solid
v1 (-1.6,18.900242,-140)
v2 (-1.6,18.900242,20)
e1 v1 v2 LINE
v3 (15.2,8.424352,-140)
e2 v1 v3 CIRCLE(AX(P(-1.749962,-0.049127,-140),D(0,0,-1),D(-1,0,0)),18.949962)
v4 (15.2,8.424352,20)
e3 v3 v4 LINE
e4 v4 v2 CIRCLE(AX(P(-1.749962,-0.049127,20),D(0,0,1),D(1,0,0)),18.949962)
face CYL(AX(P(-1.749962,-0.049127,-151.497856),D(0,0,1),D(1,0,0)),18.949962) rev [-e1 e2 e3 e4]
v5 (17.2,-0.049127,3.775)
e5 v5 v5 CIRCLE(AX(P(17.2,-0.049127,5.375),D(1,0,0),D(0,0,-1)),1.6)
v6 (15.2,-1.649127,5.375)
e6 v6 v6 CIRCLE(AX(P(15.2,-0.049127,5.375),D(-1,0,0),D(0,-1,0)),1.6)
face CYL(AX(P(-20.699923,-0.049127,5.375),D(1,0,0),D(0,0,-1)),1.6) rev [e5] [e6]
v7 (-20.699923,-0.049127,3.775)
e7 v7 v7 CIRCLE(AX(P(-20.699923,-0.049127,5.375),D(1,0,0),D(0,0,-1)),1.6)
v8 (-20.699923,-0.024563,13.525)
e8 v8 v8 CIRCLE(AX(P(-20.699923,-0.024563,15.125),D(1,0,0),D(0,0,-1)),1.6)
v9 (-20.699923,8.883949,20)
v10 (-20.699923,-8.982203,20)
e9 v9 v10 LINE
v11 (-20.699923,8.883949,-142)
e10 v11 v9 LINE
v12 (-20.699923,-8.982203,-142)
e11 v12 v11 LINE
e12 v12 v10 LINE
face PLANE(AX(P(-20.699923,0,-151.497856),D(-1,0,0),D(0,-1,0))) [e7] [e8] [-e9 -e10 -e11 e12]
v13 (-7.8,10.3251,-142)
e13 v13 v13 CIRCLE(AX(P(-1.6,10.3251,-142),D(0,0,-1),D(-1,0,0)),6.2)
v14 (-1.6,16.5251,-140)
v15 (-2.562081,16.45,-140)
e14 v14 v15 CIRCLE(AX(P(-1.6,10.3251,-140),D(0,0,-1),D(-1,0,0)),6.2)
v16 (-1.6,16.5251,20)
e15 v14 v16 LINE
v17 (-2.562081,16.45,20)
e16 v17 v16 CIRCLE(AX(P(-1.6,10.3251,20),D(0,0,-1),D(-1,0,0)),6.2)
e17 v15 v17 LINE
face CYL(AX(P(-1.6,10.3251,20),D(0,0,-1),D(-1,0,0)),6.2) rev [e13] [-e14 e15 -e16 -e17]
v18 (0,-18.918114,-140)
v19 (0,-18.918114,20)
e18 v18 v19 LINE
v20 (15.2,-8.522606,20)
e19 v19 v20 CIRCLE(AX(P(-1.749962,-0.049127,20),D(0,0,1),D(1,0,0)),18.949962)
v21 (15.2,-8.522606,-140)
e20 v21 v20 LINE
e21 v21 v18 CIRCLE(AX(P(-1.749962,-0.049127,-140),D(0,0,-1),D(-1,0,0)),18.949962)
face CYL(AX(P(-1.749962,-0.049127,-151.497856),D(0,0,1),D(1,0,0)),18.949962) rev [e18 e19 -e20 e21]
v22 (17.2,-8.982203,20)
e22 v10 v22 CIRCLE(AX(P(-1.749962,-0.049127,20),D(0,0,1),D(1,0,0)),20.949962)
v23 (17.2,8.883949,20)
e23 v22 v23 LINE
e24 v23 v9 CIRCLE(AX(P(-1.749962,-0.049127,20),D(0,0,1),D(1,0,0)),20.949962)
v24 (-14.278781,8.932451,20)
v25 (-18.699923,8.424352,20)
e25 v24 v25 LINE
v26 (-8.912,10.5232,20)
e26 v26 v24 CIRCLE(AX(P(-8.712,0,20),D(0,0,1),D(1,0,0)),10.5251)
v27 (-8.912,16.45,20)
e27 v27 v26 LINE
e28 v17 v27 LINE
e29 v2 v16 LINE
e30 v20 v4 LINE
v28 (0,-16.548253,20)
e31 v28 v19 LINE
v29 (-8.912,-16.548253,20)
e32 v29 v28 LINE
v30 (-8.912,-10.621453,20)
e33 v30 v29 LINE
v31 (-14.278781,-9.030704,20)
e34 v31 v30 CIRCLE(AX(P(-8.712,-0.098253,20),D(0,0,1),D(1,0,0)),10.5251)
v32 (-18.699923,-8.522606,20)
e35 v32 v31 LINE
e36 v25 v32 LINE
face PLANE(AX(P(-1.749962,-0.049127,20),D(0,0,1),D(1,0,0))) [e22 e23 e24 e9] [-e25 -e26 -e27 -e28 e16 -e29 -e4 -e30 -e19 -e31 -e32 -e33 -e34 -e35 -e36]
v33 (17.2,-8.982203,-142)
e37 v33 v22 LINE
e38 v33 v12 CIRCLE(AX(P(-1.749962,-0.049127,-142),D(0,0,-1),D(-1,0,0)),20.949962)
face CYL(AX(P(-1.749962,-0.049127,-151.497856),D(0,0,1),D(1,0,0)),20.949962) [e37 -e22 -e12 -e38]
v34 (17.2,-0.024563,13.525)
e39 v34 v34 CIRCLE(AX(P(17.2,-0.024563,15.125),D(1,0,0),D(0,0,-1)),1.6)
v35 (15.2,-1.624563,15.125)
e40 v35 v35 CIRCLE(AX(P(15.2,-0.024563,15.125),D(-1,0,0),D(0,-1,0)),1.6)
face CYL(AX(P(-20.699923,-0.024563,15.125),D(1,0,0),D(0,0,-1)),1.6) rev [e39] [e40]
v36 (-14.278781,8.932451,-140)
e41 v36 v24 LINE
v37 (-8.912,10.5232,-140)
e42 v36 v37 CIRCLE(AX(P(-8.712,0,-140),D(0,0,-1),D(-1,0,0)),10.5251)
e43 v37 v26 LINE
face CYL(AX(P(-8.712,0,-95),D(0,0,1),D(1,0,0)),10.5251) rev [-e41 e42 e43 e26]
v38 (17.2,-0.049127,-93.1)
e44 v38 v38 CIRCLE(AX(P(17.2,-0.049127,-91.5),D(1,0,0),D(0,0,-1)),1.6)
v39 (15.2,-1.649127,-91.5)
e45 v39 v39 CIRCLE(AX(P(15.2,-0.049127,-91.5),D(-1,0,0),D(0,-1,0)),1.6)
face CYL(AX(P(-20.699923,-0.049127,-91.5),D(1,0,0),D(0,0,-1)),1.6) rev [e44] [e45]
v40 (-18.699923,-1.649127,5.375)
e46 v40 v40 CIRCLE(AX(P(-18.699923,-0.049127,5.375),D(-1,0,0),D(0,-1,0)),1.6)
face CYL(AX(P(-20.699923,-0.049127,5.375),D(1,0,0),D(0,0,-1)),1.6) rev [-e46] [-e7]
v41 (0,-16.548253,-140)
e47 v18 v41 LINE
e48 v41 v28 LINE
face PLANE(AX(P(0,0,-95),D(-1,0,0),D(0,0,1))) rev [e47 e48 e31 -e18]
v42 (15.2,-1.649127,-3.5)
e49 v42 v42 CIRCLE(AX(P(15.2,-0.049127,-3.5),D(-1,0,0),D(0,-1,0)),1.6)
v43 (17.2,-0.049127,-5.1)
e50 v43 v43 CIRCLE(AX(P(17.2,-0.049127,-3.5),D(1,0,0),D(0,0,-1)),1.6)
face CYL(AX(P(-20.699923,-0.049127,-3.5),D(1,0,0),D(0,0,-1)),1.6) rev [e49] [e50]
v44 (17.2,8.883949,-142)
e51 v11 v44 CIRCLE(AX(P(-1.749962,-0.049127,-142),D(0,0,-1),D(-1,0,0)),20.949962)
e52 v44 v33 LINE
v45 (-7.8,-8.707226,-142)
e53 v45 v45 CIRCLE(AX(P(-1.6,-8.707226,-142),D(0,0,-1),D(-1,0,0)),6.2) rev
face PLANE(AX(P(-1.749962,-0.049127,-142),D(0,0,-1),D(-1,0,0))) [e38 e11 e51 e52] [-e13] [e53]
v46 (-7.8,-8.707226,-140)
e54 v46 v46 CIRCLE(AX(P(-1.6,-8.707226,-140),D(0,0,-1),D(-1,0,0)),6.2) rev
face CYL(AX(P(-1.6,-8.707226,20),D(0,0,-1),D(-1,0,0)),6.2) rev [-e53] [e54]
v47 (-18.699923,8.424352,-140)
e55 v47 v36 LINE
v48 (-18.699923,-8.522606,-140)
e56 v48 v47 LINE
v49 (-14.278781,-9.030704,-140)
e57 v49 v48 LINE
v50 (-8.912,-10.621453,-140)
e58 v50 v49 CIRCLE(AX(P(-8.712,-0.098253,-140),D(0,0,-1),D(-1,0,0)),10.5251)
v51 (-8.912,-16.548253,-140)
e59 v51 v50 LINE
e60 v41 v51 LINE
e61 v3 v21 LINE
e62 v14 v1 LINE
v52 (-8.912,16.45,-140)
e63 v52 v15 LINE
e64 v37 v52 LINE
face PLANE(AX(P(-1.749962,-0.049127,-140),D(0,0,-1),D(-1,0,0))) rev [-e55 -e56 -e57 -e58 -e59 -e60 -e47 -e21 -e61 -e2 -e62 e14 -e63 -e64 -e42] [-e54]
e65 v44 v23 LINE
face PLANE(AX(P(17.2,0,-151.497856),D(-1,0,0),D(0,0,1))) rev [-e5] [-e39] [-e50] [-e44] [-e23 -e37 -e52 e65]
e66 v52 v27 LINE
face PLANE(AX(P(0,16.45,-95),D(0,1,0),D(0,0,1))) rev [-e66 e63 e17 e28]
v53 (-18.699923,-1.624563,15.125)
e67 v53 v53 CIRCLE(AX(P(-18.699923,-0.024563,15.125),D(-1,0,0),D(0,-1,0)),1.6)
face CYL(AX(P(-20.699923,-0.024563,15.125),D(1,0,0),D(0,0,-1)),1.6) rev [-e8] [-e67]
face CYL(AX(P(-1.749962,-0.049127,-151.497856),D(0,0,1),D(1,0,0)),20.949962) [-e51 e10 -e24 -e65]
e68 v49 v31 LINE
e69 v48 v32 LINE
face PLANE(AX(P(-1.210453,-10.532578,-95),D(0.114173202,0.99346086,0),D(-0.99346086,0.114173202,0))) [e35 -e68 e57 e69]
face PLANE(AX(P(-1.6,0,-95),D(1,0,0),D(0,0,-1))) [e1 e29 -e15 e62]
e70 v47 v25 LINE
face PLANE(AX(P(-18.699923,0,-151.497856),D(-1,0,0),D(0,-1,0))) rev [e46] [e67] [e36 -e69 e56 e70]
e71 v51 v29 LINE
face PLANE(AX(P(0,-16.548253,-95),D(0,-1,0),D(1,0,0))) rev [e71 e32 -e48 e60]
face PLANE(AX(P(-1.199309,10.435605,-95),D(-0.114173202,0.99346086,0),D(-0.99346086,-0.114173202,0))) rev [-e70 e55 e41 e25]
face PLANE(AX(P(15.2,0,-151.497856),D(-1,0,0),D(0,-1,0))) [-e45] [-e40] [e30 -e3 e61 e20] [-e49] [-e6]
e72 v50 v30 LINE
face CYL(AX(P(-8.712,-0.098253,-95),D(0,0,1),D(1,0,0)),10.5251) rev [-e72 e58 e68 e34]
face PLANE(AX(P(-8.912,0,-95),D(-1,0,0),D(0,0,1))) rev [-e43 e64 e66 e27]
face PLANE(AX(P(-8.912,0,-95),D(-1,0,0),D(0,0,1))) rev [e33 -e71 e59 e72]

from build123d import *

# Parameters (mm, degrees)
BOSS_EXTRUDE2_DEPTH = 95
BOSS_EXTRUDE3_DEPTH = 95
CUT_EXTRUDE1_DEPTH  = 96
BOSS_EXTRUDE4_DEPTH = 20
BOSS_EXTRUDE5_DEPTH = 45
BOSS_EXTRUDE6_DEPTH = 2
SKETCH7_R           = 6.2
CUT_EXTRUDE2_DEPTH  = 163
SKETCH10_R          = 1.6
CUT_EXTRUDE4_DEPTH  = 38.899923452
SKETCH12_R          = 1.6
BOSS_EXTRUDE8_DEPTH = 2


with BuildPart() as part:
    # Sketch1 → Boss-Extrude2 (new body)
    with BuildSketch(Plane.XY):
        with BuildLine():
            Line((-20.699923452, 8.883949337), (-20.699923452, -8.982202672))
            ThreePointArc((-20.699923452, -8.982202672), (-1.749961726, -20.999088393), (17.2, -8.982202672))
            Line((17.2, -8.982202672), (17.2, 8.883949337))
            ThreePointArc((17.2, 8.883949337), (-1.749961726, 20.900835059), (-20.699923452, 8.883949337))
        make_face()
        with BuildLine():
            ThreePointArc((-18.699923452, -8.522605699), (-1.749961726, -18.999088393), (15.2, -8.522605699))
            Line((15.2, -8.522605699), (15.2, 8.424352365))
            ThreePointArc((15.2, 8.424352365), (-1.749961726, 18.900835059), (-18.699923452, 8.424352365))
            Line((-18.699923452, 8.424352365), (-18.699923452, -8.522605699))
        make_face(mode=Mode.SUBTRACT)
    extrude(amount=-BOSS_EXTRUDE2_DEPTH)

    # Sketch2 → Boss-Extrude3 (add)
    with BuildSketch(Plane.XY):
        with BuildLine():
            ThreePointArc((-14.278781058, 8.932450877), (-11.703080294, 10.091143081), (-8.912, 10.523199609))
            Line((-8.912, 10.523199609), (-8.912, 16.25))
            Line((-8.912, 16.25), (-8.912, 16.45))
            Line((-8.912, 16.45), (-8.712, 16.45))
            Line((-8.712, 16.45), (-3.6, 16.45))
            Line((-3.6, 16.45), (7.570975385, 16.45))
            ThreePointArc((7.570975385, 16.45), (-7.286500278, 18.074001934), (-18.699923452, 8.424352365))
            Line((-18.699923452, 8.424352365), (-14.278781058, 8.932450877))
        make_face()
        with BuildLine():
            Line((-8.912, -16.25), (-8.912, -10.621452943))
            ThreePointArc((-8.912, -10.621452943), (-11.703080294, -10.189396416), (-14.278781058, -9.030704211))
            Line((-14.278781058, -9.030704211), (-18.699923452, -8.522605699))
            ThreePointArc((-18.699923452, -8.522605699), (-7.286500278, -18.172255268), (7.570975385, -16.548253334))
            Line((7.570975385, -16.548253334), (-3.6, -16.548253334))
            Line((-3.6, -16.548253334), (-8.712, -16.548253334))
            Line((-8.712, -16.548253334), (-8.912, -16.548253334))
            Line((-8.912, -16.548253334), (-8.912, -16.25))
        make_face()
    extrude(amount=-BOSS_EXTRUDE3_DEPTH)

    # Sketch3 → Cut-Extrude1 (cut, through all)
    with BuildSketch(Plane.XY):
        with BuildLine():
            Line((7.570975385, -16.548253334), (0, -16.548253334))
            Line((0, -16.548253334), (0, -18.918114011))
            ThreePointArc((0, -18.918114011), (3.910891582, -18.133810498), (7.570975385, -16.548253334))
        make_face()
        with BuildLine():
            ThreePointArc((7.570975385, 16.45), (3.141398236, 18.258676236), (-1.6, 18.900241684))
            Line((-1.6, 18.900241684), (-1.6, 16.45))
            Line((-1.6, 16.45), (7.570975385, 16.45))
        make_face()
    extrude(amount=-CUT_EXTRUDE1_DEPTH, mode=Mode.SUBTRACT)

    # Sketch4 → Boss-Extrude4 (add)
    with BuildSketch(Plane.XY):
        with BuildLine():
            Line((-20.699923452, 8.883949337), (-20.699923452, -8.982202672))
            ThreePointArc((-20.699923452, -8.982202672), (-1.749961726, -20.999088393), (17.2, -8.982202672))
            Line((17.2, -8.982202672), (17.2, 8.883949337))
            ThreePointArc((17.2, 8.883949337), (-1.749961726, 20.900835059), (-20.699923452, 8.883949337))
        make_face()
        with BuildLine():
            Line((-18.699923452, -8.522605699), (-14.278781058, -9.030704211))
            ThreePointArc((-14.278781058, -9.030704211), (-11.703080294, -10.189396416), (-8.912, -10.621452943))
            Line((-8.912, -10.621452943), (-8.912, -16.548253334))
            Line((-8.912, -16.548253334), (0, -16.548253334))
            Line((0, -16.548253334), (0, -18.918114011))
            ThreePointArc((0, -18.918114011), (8.947628308, -15.690821488), (15.2, -8.522605699))
            Line((15.2, -8.522605699), (15.2, 8.424352365))
            ThreePointArc((15.2, 8.424352365), (8.276897691, 16.030771953), (-1.6, 18.900241684))
            Line((-1.6, 18.900241684), (-1.6, 16.45))
            Line((-1.6, 16.45), (-8.912, 16.45))
            Line((-8.912, 16.45), (-8.912, 10.523199609))
            ThreePointArc((-8.912, 10.523199609), (-11.703080294, 10.091143081), (-14.278781058, 8.932450877))
            Line((-14.278781058, 8.932450877), (-18.699923452, 8.424352365))
            Line((-18.699923452, 8.424352365), (-18.699923452, -8.522605699))
        make_face(mode=Mode.SUBTRACT)
    extrude(amount=BOSS_EXTRUDE4_DEPTH)

    # Sketch5 → Boss-Extrude5 (add)
    with BuildSketch(Plane(origin=(0, 0, -95), x_dir=(-1, 0, 0), z_dir=(0, 0, -1))):
        with BuildLine():
            Line((20.699923452, -8.982202672), (20.699923452, 8.883949337))
            ThreePointArc((20.699923452, 8.883949337), (1.749961726, 20.900835059), (-17.2, 8.883949337))
            Line((-17.2, 8.883949337), (-17.2, -8.982202672))
            ThreePointArc((-17.2, -8.982202672), (1.749961726, -20.999088393), (20.699923452, -8.982202672))
        make_face()
        with BuildLine():
            Line((-15.2, 8.424352365), (-15.2, -8.522605699))
            ThreePointArc((-15.2, -8.522605699), (-8.947628308, -15.690821488), (0, -18.918114011))
            Line((0, -18.918114011), (0, -16.548253334))
            Line((0, -16.548253334), (8.912, -16.548253334))
            Line((8.912, -16.548253334), (8.912, -10.621452943))
            ThreePointArc((8.912, -10.621452943), (11.703080294, -10.189396416), (14.278781058, -9.030704211))
            Line((14.278781058, -9.030704211), (18.699923452, -8.522605699))
            Line((18.699923452, -8.522605699), (18.699923452, 8.424352365))
            Line((18.699923452, 8.424352365), (14.278781058, 8.932450877))
            ThreePointArc((14.278781058, 8.932450877), (11.703080294, 10.091143081), (8.912, 10.523199609))
            Line((8.912, 10.523199609), (8.912, 16.45))
            Line((8.912, 16.45), (1.6, 16.45))
            Line((1.6, 16.45), (1.6, 18.900241684))
            ThreePointArc((1.6, 18.900241684), (-8.276897691, 16.030771953), (-15.2, 8.424352365))
        make_face(mode=Mode.SUBTRACT)
    extrude(amount=BOSS_EXTRUDE5_DEPTH)

    # Sketch6 → Boss-Extrude6 (add)
    with BuildSketch(Plane(origin=(0, 0, -140), x_dir=(-1, 0, 0), z_dir=(0, 0, -1))):
        with BuildLine():
            Line((20.699923452, -8.982202672), (20.699923452, 8.883949337))
            ThreePointArc((20.699923452, 8.883949337), (1.749961726, 20.900835059), (-17.2, 8.883949337))
            Line((-17.2, 8.883949337), (-17.2, -8.982202672))
            ThreePointArc((-17.2, -8.982202672), (1.749961726, -20.999088393), (20.699923452, -8.982202672))
        make_face()
    extrude(amount=BOSS_EXTRUDE6_DEPTH)

    # Sketch7 → Cut-Extrude2 (cut, through all)
    with BuildSketch(Plane(origin=(0, 0, -142), x_dir=(-1, 0, 0), z_dir=(0, 0, -1))):
        with BuildLine():
            ThreePointArc((0.364575498, 16.400766737), (-4.6, 10.3251), (0.364575498, 4.249433263))
            Line((0.364575498, 4.249433263), (0.364575498, 16.400766737))
        make_face()
        with BuildLine():
            Line((0.364575498, 16.400766737), (0.364575498, 4.249433263))
            ThreePointArc((0.364575498, 4.249433263), (5.523032506, 5.524077613), (7.8, 10.3251))
            ThreePointArc((7.8, 10.3251), (5.523032506, 15.126122387), (0.364575498, 16.400766737))
        make_face()
        with Locations((1.6, -8.707225505)):
            Circle(SKETCH7_R)
    extrude(amount=-CUT_EXTRUDE2_DEPTH, mode=Mode.SUBTRACT)

    # Sketch10 → Cut-Extrude4 (cut, through all)
    with BuildSketch(Plane(origin=(17.2, 0, 0), x_dir=(0, 0, -1), z_dir=(1, 0, 0))):
        with Locations((91.5, -0.049126667)):
            Circle(SKETCH10_R)
        with Locations((3.5, -0.049126667)):
            Circle(SKETCH10_R)
        with Locations((-5.375, -0.049126667)):
            Circle(SKETCH10_R)
        with Locations((-15.125, -0.024563334)):
            Circle(SKETCH10_R)
    extrude(amount=-CUT_EXTRUDE4_DEPTH, mode=Mode.SUBTRACT)

    # Sketch12 → Boss-Extrude8 (add)
    with BuildSketch(Plane.ZY.offset(20.699923452)):
        with Locations((-91.5, -0.049126667)):
            Circle(SKETCH12_R)
        with Locations((-3.5, -0.049126667)):
            Circle(SKETCH12_R)
    extrude(amount=-BOSS_EXTRUDE8_DEPTH)


solid = part.part
